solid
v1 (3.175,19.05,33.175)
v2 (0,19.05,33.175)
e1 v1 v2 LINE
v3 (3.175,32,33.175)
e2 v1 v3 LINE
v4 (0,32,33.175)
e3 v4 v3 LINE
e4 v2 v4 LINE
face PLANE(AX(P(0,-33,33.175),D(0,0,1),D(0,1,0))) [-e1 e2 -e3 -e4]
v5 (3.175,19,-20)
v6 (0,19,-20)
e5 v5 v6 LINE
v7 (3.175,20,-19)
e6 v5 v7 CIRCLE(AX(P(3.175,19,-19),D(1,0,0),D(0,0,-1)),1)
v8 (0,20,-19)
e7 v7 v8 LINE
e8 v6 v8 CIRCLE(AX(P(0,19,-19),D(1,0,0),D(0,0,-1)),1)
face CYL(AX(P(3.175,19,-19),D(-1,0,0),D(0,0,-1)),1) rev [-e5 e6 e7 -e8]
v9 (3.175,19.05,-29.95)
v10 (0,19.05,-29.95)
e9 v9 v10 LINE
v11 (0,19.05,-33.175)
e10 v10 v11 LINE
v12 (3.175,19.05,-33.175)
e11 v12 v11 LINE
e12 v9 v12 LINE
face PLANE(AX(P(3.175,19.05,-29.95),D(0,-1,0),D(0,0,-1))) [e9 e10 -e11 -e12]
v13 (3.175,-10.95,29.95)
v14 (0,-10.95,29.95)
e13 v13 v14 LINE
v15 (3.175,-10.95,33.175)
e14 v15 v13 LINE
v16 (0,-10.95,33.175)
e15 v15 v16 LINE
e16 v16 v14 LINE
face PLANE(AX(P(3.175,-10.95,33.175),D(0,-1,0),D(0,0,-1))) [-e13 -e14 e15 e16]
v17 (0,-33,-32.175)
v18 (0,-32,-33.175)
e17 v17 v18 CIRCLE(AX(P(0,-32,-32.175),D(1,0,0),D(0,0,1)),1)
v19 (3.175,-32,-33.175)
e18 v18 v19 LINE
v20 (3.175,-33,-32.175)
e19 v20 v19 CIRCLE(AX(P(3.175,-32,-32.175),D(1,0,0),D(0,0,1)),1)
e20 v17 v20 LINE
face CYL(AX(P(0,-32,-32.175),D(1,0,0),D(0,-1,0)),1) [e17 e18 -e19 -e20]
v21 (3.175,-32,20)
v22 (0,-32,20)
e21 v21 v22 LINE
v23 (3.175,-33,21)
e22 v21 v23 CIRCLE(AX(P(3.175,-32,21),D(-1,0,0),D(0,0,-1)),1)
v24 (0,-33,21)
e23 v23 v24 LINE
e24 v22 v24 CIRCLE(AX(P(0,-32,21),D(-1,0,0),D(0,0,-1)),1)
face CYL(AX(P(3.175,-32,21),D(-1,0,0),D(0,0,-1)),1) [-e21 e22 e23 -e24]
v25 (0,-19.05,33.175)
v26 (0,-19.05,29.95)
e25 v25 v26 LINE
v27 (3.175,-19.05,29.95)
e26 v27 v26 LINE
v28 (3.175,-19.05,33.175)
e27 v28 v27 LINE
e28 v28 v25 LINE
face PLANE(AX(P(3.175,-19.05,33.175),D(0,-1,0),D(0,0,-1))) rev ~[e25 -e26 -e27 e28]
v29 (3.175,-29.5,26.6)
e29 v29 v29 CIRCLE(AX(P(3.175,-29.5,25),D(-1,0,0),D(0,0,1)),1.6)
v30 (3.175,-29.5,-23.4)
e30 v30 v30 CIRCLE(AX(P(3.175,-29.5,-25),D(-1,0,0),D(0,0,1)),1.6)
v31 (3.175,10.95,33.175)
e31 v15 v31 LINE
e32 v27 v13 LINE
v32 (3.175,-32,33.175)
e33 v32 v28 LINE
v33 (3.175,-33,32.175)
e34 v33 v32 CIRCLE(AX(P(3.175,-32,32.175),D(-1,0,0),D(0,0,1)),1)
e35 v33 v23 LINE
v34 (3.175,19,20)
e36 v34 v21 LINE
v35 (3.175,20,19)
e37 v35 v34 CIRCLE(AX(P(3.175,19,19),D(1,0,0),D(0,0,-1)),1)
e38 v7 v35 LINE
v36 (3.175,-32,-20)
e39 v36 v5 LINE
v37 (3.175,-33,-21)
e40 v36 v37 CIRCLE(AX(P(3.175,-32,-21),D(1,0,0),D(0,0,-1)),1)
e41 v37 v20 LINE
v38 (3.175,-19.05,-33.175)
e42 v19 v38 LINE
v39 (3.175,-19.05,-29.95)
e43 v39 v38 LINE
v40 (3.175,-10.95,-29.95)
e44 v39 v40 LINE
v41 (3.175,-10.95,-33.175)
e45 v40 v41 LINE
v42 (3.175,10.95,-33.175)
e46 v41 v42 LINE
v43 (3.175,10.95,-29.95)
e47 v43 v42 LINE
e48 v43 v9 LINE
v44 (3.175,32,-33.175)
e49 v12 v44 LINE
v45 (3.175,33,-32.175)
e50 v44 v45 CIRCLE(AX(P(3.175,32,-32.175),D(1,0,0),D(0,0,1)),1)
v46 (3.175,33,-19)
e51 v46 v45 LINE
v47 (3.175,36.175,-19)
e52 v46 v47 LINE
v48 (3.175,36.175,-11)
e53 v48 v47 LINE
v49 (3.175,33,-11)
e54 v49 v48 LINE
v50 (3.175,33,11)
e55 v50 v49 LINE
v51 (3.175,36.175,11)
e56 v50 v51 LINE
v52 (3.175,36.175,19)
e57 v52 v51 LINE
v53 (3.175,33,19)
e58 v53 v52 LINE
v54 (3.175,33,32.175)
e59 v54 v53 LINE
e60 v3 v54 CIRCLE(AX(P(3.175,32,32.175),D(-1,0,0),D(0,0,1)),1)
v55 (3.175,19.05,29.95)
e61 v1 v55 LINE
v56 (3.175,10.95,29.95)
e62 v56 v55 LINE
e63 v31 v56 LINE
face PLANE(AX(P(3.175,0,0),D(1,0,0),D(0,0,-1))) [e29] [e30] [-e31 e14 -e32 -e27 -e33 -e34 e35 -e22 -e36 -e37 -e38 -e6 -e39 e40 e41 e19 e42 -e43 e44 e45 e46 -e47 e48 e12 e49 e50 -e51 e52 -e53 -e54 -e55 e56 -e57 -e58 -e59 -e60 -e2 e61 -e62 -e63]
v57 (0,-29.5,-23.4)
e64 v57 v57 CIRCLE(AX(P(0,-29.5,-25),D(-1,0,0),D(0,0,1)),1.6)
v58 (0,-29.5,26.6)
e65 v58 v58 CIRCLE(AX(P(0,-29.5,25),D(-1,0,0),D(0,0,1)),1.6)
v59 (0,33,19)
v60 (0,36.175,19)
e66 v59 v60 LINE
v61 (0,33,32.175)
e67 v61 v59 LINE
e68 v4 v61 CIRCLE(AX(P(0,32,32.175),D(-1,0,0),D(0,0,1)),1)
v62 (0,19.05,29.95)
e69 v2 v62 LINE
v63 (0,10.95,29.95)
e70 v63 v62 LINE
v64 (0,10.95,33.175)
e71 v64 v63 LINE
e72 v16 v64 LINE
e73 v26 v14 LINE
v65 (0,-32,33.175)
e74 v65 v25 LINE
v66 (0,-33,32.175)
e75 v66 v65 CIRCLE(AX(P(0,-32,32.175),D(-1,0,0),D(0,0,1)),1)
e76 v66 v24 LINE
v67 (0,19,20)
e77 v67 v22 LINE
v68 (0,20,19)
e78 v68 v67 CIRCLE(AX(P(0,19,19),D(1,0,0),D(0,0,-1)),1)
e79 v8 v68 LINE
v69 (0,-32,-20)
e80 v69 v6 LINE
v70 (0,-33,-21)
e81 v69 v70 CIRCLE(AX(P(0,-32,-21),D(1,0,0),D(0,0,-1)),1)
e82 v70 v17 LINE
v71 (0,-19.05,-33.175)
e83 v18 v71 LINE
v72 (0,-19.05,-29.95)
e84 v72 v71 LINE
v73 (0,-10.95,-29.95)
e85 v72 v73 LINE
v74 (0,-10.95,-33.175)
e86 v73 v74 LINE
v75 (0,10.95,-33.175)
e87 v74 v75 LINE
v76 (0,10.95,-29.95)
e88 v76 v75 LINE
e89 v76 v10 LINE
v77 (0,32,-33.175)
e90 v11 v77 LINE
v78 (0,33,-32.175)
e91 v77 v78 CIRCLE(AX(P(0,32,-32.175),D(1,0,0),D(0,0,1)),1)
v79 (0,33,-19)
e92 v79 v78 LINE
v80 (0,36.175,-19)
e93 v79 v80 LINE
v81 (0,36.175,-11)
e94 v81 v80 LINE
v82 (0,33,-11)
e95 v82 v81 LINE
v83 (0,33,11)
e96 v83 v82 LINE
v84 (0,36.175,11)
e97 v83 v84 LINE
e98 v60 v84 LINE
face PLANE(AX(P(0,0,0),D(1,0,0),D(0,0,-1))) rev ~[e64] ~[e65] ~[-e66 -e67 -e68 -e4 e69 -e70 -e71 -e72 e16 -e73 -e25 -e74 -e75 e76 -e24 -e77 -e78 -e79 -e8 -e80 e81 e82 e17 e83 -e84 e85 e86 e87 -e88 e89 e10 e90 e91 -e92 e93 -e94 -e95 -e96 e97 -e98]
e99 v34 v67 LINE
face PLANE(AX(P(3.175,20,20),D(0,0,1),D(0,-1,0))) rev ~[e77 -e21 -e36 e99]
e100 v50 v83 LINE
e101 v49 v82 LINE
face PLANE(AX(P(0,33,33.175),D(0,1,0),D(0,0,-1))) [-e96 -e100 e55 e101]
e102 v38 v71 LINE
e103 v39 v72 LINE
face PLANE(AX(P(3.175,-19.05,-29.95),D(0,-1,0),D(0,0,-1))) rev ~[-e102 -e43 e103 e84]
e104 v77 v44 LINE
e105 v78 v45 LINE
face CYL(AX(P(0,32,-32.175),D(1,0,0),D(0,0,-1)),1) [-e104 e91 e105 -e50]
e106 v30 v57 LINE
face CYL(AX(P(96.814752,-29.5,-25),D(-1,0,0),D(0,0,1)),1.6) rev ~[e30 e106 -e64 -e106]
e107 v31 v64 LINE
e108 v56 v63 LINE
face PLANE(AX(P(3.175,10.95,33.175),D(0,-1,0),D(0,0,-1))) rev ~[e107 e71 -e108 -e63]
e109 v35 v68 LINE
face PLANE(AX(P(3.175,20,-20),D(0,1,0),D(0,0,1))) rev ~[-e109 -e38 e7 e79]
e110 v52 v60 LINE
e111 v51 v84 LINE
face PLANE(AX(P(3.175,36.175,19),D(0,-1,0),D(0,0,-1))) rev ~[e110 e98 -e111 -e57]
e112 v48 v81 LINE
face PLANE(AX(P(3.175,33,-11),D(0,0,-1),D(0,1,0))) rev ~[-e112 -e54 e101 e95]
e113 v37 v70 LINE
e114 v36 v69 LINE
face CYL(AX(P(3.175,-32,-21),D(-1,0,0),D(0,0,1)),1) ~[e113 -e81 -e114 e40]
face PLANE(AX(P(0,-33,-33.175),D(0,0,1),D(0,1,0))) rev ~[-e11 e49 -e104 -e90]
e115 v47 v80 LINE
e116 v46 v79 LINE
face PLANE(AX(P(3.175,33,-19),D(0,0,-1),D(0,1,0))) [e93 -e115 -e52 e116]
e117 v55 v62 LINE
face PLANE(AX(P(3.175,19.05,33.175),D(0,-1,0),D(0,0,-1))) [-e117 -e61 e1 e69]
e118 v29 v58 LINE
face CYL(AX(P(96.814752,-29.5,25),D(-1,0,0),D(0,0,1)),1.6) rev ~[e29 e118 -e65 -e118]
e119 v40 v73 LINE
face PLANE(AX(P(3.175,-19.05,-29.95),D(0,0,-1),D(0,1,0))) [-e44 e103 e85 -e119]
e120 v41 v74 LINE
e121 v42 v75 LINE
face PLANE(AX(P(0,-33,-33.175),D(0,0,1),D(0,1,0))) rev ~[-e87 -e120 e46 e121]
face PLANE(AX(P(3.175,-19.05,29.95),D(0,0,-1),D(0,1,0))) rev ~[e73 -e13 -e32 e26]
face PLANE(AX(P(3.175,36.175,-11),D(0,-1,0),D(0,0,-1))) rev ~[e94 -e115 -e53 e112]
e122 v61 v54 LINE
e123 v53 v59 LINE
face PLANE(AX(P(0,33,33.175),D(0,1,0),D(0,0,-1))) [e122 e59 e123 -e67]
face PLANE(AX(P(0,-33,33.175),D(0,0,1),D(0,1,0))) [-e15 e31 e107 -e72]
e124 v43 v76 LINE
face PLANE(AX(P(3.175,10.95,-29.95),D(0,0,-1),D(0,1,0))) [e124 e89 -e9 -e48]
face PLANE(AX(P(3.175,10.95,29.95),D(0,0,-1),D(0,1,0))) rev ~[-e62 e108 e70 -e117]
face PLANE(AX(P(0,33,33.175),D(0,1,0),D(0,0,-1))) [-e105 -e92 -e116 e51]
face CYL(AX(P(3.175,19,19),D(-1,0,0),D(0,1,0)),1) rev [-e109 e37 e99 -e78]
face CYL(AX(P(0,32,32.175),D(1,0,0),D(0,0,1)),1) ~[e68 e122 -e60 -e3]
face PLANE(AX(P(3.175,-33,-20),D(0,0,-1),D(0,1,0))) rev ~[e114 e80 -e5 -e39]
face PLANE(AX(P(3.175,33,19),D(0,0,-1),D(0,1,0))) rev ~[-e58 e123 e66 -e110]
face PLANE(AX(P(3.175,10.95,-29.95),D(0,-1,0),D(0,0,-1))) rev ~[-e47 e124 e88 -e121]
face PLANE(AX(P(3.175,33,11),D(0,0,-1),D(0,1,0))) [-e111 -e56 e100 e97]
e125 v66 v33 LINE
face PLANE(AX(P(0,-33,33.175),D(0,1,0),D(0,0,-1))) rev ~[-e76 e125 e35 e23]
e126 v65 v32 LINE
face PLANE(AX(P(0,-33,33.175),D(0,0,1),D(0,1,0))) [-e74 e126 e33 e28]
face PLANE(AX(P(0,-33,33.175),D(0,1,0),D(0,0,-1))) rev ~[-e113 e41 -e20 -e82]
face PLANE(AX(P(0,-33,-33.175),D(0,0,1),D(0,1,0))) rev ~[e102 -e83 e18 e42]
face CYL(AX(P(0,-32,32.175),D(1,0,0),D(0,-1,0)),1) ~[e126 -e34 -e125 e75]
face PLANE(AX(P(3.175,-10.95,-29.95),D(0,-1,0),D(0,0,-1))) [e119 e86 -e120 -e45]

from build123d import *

# Parameters (mm, degrees)
SKETCH2_W            = 66.35
SKETCH2_H            = 66
BOSS_EXTRUDE1_DEPTH  = 3.175
CUT_EXTRUDE1_DEPTH   = 47.900546372
M3_CLEARANCE_HOLE1_D = 3.2
SKETCH7_W            = 3.225
SKETCH7_H            = 8.1
CUT_EXTRUDE2_DEPTH   = 47.900546372
SKETCH8_W            = 8
SKETCH8_H            = 3.175
BOSS_EXTRUDE2_DEPTH  = 3.175
FILLET1_R            = 1
FILLET2_R            = 1


with BuildPart() as part:
    # Sketch2 → Boss-Extrude1 (new body)
    with BuildSketch(Plane(origin=(0, 0, 0), x_dir=(0, 0, -1), z_dir=(1, 0, 0))):
        Rectangle(SKETCH2_W, SKETCH2_H)
    extrude(amount=BOSS_EXTRUDE1_DEPTH)

    # Sketch3 → Cut-Extrude1 (cut, through all)
    with BuildSketch(Plane(origin=(3.175, 0, 0), x_dir=(0, 0, -1), z_dir=(1, 0, 0))):
        Polygon((-20, -20), (-20, -33), (20, -33), (20, -20), (20, 20), (-20, 20), align=None)
    extrude(amount=-CUT_EXTRUDE1_DEPTH, mode=Mode.SUBTRACT)

    # M3 Clearance Hole1 (through all)
    with Locations(Plane(origin=(3.175, 0, 0), x_dir=(0, 0, -1), z_dir=(1, 0, 0))):
        with Locations((-25, -29.5), (25, -29.5)):
            Hole(M3_CLEARANCE_HOLE1_D / 2)

    # Sketch7 → Cut-Extrude2 (cut, through all)
    with BuildSketch(Plane(origin=(3.175, 0, 0), x_dir=(0, 0, -1), z_dir=(1, 0, 0))):
        with Locations((-31.5625, 15)):
            Rectangle(SKETCH7_W, SKETCH7_H)
        with Locations((-31.5625, -15)):
            Rectangle(SKETCH7_W, SKETCH7_H)
        with Locations((31.5625, -15)):
            Rectangle(SKETCH7_W, SKETCH7_H)
        with Locations((31.5625, 15)):
            Rectangle(SKETCH7_W, SKETCH7_H)
    extrude(amount=-CUT_EXTRUDE2_DEPTH, mode=Mode.SUBTRACT)

    # Sketch8 → Boss-Extrude2 (add)
    with BuildSketch(Plane(origin=(3.175, 0, 0), x_dir=(0, 0, -1), z_dir=(1, 0, 0))):
        with Locations((-15, 34.5875)):
            Rectangle(SKETCH8_W, SKETCH8_H)
        with Locations((15, 34.5875)):
            Rectangle(SKETCH8_W, SKETCH8_H)
    extrude(amount=-BOSS_EXTRUDE2_DEPTH)

    # Fillet1
    fillet1_edges = [part.edges().sort_by_distance(p)[0] for p in [
        (1.5875, 20, -20),
        (1.5875, 20, 20),
    ]]
    fillet(fillet1_edges, radius=FILLET1_R)

    # Fillet2
    fillet2_edges = [part.edges().sort_by_distance(p)[0] for p in [
        (1.5875, -33, -20),
        (1.5875, -33, 20),
        (1.5875, -33, -33.175),
        (1.5875, -33, 33.175),
        (1.5875, 33, 33.175),
        (1.5875, 33, -33.175),
    ]]
    fillet(fillet2_edges, radius=FILLET2_R)


solid = part.part
